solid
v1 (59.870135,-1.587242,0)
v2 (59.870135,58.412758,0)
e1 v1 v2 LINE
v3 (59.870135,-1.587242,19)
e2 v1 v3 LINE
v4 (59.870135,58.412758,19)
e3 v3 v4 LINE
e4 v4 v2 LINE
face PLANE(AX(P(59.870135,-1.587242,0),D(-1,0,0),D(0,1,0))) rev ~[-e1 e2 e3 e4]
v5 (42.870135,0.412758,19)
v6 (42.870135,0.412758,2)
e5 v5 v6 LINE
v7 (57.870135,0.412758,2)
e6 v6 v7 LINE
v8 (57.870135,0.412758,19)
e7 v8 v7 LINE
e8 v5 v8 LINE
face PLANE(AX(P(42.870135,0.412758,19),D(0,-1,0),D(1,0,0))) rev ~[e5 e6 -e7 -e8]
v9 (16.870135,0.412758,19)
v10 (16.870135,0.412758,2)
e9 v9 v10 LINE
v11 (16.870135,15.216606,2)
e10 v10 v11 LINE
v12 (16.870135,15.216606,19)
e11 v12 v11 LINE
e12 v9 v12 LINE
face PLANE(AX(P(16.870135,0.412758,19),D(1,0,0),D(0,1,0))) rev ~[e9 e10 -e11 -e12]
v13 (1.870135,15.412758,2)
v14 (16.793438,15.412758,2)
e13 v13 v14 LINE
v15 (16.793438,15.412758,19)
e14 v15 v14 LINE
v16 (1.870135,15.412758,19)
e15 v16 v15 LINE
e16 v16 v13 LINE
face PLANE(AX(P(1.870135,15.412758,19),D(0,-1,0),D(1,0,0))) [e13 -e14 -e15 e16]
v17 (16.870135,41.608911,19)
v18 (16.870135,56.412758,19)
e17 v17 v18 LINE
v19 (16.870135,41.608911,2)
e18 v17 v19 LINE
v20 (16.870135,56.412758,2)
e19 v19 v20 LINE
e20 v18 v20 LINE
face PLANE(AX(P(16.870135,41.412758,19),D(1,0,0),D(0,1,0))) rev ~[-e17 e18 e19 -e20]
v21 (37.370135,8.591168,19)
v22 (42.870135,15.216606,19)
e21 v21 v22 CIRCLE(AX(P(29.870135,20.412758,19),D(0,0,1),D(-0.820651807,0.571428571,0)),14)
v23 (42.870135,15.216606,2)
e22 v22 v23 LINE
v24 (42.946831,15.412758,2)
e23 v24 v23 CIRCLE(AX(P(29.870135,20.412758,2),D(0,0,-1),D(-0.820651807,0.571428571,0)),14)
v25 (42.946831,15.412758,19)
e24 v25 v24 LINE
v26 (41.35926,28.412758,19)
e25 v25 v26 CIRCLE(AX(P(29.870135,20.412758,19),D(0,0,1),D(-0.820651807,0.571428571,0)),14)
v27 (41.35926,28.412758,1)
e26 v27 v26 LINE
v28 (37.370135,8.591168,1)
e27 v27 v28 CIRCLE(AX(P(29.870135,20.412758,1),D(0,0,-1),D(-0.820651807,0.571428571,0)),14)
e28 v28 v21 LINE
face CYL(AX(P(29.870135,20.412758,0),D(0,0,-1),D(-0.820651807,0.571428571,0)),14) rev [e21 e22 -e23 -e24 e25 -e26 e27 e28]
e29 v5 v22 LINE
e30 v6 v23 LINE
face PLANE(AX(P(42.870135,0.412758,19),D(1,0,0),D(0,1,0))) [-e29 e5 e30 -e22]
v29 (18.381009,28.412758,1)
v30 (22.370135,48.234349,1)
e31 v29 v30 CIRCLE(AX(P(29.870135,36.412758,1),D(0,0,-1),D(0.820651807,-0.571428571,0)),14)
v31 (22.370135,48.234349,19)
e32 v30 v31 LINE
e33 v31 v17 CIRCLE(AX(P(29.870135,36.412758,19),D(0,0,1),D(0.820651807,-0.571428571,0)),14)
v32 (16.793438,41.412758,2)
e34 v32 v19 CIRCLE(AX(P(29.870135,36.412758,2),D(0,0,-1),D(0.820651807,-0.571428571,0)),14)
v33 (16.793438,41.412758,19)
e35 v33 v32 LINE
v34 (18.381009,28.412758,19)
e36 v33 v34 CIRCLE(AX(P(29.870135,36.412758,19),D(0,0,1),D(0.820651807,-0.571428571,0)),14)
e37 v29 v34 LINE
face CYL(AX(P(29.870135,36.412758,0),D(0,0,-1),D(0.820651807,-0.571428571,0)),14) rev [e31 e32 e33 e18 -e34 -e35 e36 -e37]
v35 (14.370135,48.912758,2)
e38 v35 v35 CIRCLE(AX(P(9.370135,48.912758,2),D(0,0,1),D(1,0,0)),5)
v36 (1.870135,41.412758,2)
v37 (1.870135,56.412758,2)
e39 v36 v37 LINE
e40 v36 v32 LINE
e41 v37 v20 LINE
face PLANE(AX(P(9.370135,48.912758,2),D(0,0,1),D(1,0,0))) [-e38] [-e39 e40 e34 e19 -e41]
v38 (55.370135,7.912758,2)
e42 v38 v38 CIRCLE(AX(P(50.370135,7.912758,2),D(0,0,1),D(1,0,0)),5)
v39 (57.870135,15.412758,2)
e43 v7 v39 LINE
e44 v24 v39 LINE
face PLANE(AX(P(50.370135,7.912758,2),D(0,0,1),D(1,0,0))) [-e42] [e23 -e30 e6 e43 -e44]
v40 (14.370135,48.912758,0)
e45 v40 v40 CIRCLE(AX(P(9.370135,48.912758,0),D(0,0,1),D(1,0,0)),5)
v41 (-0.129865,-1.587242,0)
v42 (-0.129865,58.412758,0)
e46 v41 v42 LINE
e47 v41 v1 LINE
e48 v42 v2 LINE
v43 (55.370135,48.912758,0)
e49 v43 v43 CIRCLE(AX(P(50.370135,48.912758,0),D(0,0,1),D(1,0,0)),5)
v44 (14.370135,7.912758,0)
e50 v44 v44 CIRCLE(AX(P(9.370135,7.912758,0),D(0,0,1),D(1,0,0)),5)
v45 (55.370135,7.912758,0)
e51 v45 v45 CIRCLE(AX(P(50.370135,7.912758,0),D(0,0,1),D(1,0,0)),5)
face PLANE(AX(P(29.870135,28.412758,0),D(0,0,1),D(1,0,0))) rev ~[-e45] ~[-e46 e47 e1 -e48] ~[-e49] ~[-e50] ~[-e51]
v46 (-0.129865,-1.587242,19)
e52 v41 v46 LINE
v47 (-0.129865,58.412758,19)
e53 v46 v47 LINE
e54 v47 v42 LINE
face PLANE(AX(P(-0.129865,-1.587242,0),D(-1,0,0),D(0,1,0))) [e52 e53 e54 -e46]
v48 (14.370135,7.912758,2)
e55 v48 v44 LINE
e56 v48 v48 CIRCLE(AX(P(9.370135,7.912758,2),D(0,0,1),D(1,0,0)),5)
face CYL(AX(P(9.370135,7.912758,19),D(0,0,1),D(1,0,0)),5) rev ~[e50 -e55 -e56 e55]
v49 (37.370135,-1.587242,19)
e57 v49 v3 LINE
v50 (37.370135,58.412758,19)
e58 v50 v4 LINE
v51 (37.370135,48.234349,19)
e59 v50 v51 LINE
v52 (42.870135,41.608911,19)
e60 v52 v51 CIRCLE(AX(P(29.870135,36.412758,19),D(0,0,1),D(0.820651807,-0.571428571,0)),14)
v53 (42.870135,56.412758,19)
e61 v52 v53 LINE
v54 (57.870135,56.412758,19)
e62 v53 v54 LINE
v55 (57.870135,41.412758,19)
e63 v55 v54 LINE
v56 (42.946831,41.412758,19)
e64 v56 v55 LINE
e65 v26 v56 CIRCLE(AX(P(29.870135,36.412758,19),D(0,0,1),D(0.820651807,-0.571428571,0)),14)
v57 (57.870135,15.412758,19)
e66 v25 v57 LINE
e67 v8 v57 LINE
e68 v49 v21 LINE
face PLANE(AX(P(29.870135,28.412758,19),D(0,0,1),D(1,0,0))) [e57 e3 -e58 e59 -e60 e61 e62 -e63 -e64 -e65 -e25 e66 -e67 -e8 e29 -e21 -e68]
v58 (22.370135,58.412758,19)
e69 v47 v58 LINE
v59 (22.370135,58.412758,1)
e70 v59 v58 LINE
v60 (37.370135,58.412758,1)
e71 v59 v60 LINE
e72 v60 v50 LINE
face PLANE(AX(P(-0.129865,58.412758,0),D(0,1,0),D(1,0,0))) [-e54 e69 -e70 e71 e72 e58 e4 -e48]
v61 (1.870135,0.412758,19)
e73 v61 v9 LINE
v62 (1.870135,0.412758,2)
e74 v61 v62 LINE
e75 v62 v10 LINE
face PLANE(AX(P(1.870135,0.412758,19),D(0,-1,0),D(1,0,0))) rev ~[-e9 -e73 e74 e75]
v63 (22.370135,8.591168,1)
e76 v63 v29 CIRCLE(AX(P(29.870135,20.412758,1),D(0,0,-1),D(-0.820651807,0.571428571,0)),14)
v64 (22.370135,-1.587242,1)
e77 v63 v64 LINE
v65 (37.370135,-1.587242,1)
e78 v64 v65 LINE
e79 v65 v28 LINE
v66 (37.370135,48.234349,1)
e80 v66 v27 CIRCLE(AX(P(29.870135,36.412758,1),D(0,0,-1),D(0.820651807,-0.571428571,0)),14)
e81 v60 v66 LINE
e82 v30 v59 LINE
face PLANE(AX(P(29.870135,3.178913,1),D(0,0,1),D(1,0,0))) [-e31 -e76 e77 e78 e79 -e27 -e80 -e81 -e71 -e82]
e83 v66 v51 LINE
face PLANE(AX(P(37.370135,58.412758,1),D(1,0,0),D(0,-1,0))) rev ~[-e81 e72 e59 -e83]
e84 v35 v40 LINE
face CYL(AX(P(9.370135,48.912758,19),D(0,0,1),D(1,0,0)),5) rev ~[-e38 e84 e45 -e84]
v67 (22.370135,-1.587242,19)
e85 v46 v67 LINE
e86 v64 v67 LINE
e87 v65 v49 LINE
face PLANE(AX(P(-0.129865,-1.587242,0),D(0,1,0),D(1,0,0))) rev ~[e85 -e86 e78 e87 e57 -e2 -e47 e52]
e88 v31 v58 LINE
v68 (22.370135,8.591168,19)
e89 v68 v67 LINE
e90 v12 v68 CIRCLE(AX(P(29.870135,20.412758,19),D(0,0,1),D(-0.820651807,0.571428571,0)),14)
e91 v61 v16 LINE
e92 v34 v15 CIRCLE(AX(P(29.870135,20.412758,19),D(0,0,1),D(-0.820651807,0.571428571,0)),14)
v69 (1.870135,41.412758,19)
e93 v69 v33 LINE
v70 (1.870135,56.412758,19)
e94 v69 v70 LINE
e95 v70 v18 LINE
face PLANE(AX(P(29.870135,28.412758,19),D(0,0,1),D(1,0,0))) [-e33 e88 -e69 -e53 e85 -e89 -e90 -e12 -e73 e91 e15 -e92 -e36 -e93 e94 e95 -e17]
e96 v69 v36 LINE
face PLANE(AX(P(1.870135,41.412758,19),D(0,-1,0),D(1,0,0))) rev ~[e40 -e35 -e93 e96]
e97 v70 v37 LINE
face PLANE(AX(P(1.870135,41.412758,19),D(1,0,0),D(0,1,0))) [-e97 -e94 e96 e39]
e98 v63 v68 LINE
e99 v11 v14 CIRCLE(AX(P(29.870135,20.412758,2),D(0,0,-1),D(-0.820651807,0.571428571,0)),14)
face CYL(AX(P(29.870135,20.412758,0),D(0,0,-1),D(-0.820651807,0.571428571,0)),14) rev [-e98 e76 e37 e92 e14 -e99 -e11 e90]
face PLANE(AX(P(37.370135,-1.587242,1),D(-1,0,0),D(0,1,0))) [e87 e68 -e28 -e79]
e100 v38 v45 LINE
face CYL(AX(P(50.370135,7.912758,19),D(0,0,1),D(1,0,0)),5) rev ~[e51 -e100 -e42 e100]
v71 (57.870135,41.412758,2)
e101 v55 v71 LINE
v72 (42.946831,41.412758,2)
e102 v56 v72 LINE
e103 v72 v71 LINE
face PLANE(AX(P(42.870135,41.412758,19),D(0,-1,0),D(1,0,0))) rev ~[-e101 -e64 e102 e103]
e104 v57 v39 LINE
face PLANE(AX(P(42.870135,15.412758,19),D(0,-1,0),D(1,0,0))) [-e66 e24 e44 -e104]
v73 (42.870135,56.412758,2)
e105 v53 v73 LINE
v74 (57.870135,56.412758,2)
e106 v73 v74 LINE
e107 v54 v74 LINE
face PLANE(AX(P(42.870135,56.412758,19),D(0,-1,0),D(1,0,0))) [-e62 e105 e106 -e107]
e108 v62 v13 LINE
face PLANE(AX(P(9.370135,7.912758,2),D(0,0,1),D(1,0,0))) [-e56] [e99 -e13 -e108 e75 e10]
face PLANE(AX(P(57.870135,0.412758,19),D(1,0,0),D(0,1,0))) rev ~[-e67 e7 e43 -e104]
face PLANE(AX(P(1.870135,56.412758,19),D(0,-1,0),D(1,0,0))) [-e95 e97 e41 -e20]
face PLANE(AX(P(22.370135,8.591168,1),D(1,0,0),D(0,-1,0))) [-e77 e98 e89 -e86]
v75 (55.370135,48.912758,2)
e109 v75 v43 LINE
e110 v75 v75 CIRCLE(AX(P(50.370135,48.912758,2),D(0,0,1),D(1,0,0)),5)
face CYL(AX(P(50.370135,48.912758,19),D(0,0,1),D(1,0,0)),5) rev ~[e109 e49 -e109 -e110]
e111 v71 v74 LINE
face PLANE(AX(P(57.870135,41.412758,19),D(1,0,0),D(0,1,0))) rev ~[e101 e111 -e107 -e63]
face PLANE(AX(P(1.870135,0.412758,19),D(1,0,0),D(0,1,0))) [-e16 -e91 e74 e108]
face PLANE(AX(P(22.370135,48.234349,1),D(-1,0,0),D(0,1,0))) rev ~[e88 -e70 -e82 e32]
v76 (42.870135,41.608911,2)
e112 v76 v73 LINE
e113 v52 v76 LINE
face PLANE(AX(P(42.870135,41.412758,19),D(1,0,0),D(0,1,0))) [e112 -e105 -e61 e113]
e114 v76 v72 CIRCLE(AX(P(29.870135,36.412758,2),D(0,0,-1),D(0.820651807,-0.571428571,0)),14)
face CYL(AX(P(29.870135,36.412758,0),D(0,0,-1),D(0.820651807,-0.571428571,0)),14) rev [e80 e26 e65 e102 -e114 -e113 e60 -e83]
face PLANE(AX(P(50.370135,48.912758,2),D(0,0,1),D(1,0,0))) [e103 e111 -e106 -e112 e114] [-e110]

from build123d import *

# Parameters (mm, degrees)
ESBO_O1_W                = 60
ESBO_O1_H                = 60
RESSALTO_EXTRUS_O2_DEPTH = 1
ESBO_O10_W               = 60
ESBO_O10_H               = 60
RESSALTO_EXTRUS_O5_DEPTH = 19
ESBO_O13_W               = 15
ESBO_O13_H               = 15
CORTE_EXTRUS_O7_DEPTH    = 17
ESBO_O14_R               = 5
CORTE_EXTRUS_O8_DEPTH    = 86.775773693
CORTE_EXTRUS_O9_START    = -18
ESBO_O15_R               = 4.5
CORTE_EXTRUS_O9_DEPTH    = 18


with BuildPart() as part:
    # Esboço1 → Ressalto-extrusão2 (new body)
    with BuildSketch(Plane.XY):
        with Locations((29.870134555, 28.412758376)):
            Rectangle(ESBO_O1_W, ESBO_O1_H)
    extrude(amount=RESSALTO_EXTRUS_O2_DEPTH)

    # Esboço10 → Ressalto-extrusão5 (add)
    with BuildSketch(Plane.XY):
        with Locations((29.870134555, 28.412758376)):
            Rectangle(ESBO_O10_W, ESBO_O10_H)
        with BuildLine():
            ThreePointArc((18.381009261, 28.412758376), (29.870134555, 6.412758376), (41.359259848, 28.412758376))
            ThreePointArc((41.359259848, 28.412758376), (29.870134555, 50.412758376), (18.381009261, 28.412758376))
        make_face(mode=Mode.SUBTRACT)
    extrude(amount=RESSALTO_EXTRUS_O5_DEPTH)

    # Esboço13 → Corte-extrusão7 (cut)
    with BuildSketch(Plane.XY.offset(19)):
        with Locations((9.370134555, 48.912758376)):
            Rectangle(ESBO_O13_W, ESBO_O13_H)
        with Locations((50.370134555, 48.912758376)):
            Rectangle(ESBO_O13_W, ESBO_O13_H)
        with Locations((9.370134555, 7.912758376)):
            Rectangle(ESBO_O13_W, ESBO_O13_H)
        with Locations((50.370134555, 7.912758376)):
            Rectangle(ESBO_O13_W, ESBO_O13_H)
    extrude(amount=-CORTE_EXTRUS_O7_DEPTH, mode=Mode.SUBTRACT)

    # Esboço14 → Corte-extrusão8 (cut, through all)
    with BuildSketch(Plane.XY.offset(19)):
        with Locations((9.370134555, 48.912758376)):
            Circle(ESBO_O14_R)
        with Locations((9.370134555, 7.912758376)):
            Circle(ESBO_O14_R)
        with Locations((50.370134555, 7.912758376)):
            Circle(ESBO_O14_R)
        with Locations((50.370134555, 48.912758376)):
            Circle(ESBO_O14_R)
    extrude(amount=-CORTE_EXTRUS_O8_DEPTH, mode=Mode.SUBTRACT)

    # Esboço15 → Corte-extrusão9 (cut)
    with BuildSketch(Plane.XY.offset(19).offset(CORTE_EXTRUS_O9_START)):
        with Locations((29.870134555, 28.412758376)):
            Circle(ESBO_O15_R)
        with BuildLine():
            Line((22.370134555, 8.591167958), (22.370134555, -1.587241624))
            Line((22.370134555, -1.587241624), (37.370134555, -1.587241624))
            Line((37.370134555, -1.587241624), (37.370134555, 8.591167958))
            ThreePointArc((37.370134555, 8.591167958), (29.870134555, 6.412758376), (22.370134555, 8.591167958))
        make_face()
        with BuildLine():
            Line((22.370134555, 58.412758376), (37.370134555, 58.412758376))
            Line((37.370134555, 58.412758376), (37.370134555, 48.234348794))
            ThreePointArc((37.370134555, 48.234348794), (29.870134555, 50.412758376), (22.370134555, 48.234348794))
            Line((22.370134555, 48.234348794), (22.370134555, 58.412758376))
        make_face()
    extrude(amount=CORTE_EXTRUS_O9_DEPTH, mode=Mode.SUBTRACT)


solid = part.part
